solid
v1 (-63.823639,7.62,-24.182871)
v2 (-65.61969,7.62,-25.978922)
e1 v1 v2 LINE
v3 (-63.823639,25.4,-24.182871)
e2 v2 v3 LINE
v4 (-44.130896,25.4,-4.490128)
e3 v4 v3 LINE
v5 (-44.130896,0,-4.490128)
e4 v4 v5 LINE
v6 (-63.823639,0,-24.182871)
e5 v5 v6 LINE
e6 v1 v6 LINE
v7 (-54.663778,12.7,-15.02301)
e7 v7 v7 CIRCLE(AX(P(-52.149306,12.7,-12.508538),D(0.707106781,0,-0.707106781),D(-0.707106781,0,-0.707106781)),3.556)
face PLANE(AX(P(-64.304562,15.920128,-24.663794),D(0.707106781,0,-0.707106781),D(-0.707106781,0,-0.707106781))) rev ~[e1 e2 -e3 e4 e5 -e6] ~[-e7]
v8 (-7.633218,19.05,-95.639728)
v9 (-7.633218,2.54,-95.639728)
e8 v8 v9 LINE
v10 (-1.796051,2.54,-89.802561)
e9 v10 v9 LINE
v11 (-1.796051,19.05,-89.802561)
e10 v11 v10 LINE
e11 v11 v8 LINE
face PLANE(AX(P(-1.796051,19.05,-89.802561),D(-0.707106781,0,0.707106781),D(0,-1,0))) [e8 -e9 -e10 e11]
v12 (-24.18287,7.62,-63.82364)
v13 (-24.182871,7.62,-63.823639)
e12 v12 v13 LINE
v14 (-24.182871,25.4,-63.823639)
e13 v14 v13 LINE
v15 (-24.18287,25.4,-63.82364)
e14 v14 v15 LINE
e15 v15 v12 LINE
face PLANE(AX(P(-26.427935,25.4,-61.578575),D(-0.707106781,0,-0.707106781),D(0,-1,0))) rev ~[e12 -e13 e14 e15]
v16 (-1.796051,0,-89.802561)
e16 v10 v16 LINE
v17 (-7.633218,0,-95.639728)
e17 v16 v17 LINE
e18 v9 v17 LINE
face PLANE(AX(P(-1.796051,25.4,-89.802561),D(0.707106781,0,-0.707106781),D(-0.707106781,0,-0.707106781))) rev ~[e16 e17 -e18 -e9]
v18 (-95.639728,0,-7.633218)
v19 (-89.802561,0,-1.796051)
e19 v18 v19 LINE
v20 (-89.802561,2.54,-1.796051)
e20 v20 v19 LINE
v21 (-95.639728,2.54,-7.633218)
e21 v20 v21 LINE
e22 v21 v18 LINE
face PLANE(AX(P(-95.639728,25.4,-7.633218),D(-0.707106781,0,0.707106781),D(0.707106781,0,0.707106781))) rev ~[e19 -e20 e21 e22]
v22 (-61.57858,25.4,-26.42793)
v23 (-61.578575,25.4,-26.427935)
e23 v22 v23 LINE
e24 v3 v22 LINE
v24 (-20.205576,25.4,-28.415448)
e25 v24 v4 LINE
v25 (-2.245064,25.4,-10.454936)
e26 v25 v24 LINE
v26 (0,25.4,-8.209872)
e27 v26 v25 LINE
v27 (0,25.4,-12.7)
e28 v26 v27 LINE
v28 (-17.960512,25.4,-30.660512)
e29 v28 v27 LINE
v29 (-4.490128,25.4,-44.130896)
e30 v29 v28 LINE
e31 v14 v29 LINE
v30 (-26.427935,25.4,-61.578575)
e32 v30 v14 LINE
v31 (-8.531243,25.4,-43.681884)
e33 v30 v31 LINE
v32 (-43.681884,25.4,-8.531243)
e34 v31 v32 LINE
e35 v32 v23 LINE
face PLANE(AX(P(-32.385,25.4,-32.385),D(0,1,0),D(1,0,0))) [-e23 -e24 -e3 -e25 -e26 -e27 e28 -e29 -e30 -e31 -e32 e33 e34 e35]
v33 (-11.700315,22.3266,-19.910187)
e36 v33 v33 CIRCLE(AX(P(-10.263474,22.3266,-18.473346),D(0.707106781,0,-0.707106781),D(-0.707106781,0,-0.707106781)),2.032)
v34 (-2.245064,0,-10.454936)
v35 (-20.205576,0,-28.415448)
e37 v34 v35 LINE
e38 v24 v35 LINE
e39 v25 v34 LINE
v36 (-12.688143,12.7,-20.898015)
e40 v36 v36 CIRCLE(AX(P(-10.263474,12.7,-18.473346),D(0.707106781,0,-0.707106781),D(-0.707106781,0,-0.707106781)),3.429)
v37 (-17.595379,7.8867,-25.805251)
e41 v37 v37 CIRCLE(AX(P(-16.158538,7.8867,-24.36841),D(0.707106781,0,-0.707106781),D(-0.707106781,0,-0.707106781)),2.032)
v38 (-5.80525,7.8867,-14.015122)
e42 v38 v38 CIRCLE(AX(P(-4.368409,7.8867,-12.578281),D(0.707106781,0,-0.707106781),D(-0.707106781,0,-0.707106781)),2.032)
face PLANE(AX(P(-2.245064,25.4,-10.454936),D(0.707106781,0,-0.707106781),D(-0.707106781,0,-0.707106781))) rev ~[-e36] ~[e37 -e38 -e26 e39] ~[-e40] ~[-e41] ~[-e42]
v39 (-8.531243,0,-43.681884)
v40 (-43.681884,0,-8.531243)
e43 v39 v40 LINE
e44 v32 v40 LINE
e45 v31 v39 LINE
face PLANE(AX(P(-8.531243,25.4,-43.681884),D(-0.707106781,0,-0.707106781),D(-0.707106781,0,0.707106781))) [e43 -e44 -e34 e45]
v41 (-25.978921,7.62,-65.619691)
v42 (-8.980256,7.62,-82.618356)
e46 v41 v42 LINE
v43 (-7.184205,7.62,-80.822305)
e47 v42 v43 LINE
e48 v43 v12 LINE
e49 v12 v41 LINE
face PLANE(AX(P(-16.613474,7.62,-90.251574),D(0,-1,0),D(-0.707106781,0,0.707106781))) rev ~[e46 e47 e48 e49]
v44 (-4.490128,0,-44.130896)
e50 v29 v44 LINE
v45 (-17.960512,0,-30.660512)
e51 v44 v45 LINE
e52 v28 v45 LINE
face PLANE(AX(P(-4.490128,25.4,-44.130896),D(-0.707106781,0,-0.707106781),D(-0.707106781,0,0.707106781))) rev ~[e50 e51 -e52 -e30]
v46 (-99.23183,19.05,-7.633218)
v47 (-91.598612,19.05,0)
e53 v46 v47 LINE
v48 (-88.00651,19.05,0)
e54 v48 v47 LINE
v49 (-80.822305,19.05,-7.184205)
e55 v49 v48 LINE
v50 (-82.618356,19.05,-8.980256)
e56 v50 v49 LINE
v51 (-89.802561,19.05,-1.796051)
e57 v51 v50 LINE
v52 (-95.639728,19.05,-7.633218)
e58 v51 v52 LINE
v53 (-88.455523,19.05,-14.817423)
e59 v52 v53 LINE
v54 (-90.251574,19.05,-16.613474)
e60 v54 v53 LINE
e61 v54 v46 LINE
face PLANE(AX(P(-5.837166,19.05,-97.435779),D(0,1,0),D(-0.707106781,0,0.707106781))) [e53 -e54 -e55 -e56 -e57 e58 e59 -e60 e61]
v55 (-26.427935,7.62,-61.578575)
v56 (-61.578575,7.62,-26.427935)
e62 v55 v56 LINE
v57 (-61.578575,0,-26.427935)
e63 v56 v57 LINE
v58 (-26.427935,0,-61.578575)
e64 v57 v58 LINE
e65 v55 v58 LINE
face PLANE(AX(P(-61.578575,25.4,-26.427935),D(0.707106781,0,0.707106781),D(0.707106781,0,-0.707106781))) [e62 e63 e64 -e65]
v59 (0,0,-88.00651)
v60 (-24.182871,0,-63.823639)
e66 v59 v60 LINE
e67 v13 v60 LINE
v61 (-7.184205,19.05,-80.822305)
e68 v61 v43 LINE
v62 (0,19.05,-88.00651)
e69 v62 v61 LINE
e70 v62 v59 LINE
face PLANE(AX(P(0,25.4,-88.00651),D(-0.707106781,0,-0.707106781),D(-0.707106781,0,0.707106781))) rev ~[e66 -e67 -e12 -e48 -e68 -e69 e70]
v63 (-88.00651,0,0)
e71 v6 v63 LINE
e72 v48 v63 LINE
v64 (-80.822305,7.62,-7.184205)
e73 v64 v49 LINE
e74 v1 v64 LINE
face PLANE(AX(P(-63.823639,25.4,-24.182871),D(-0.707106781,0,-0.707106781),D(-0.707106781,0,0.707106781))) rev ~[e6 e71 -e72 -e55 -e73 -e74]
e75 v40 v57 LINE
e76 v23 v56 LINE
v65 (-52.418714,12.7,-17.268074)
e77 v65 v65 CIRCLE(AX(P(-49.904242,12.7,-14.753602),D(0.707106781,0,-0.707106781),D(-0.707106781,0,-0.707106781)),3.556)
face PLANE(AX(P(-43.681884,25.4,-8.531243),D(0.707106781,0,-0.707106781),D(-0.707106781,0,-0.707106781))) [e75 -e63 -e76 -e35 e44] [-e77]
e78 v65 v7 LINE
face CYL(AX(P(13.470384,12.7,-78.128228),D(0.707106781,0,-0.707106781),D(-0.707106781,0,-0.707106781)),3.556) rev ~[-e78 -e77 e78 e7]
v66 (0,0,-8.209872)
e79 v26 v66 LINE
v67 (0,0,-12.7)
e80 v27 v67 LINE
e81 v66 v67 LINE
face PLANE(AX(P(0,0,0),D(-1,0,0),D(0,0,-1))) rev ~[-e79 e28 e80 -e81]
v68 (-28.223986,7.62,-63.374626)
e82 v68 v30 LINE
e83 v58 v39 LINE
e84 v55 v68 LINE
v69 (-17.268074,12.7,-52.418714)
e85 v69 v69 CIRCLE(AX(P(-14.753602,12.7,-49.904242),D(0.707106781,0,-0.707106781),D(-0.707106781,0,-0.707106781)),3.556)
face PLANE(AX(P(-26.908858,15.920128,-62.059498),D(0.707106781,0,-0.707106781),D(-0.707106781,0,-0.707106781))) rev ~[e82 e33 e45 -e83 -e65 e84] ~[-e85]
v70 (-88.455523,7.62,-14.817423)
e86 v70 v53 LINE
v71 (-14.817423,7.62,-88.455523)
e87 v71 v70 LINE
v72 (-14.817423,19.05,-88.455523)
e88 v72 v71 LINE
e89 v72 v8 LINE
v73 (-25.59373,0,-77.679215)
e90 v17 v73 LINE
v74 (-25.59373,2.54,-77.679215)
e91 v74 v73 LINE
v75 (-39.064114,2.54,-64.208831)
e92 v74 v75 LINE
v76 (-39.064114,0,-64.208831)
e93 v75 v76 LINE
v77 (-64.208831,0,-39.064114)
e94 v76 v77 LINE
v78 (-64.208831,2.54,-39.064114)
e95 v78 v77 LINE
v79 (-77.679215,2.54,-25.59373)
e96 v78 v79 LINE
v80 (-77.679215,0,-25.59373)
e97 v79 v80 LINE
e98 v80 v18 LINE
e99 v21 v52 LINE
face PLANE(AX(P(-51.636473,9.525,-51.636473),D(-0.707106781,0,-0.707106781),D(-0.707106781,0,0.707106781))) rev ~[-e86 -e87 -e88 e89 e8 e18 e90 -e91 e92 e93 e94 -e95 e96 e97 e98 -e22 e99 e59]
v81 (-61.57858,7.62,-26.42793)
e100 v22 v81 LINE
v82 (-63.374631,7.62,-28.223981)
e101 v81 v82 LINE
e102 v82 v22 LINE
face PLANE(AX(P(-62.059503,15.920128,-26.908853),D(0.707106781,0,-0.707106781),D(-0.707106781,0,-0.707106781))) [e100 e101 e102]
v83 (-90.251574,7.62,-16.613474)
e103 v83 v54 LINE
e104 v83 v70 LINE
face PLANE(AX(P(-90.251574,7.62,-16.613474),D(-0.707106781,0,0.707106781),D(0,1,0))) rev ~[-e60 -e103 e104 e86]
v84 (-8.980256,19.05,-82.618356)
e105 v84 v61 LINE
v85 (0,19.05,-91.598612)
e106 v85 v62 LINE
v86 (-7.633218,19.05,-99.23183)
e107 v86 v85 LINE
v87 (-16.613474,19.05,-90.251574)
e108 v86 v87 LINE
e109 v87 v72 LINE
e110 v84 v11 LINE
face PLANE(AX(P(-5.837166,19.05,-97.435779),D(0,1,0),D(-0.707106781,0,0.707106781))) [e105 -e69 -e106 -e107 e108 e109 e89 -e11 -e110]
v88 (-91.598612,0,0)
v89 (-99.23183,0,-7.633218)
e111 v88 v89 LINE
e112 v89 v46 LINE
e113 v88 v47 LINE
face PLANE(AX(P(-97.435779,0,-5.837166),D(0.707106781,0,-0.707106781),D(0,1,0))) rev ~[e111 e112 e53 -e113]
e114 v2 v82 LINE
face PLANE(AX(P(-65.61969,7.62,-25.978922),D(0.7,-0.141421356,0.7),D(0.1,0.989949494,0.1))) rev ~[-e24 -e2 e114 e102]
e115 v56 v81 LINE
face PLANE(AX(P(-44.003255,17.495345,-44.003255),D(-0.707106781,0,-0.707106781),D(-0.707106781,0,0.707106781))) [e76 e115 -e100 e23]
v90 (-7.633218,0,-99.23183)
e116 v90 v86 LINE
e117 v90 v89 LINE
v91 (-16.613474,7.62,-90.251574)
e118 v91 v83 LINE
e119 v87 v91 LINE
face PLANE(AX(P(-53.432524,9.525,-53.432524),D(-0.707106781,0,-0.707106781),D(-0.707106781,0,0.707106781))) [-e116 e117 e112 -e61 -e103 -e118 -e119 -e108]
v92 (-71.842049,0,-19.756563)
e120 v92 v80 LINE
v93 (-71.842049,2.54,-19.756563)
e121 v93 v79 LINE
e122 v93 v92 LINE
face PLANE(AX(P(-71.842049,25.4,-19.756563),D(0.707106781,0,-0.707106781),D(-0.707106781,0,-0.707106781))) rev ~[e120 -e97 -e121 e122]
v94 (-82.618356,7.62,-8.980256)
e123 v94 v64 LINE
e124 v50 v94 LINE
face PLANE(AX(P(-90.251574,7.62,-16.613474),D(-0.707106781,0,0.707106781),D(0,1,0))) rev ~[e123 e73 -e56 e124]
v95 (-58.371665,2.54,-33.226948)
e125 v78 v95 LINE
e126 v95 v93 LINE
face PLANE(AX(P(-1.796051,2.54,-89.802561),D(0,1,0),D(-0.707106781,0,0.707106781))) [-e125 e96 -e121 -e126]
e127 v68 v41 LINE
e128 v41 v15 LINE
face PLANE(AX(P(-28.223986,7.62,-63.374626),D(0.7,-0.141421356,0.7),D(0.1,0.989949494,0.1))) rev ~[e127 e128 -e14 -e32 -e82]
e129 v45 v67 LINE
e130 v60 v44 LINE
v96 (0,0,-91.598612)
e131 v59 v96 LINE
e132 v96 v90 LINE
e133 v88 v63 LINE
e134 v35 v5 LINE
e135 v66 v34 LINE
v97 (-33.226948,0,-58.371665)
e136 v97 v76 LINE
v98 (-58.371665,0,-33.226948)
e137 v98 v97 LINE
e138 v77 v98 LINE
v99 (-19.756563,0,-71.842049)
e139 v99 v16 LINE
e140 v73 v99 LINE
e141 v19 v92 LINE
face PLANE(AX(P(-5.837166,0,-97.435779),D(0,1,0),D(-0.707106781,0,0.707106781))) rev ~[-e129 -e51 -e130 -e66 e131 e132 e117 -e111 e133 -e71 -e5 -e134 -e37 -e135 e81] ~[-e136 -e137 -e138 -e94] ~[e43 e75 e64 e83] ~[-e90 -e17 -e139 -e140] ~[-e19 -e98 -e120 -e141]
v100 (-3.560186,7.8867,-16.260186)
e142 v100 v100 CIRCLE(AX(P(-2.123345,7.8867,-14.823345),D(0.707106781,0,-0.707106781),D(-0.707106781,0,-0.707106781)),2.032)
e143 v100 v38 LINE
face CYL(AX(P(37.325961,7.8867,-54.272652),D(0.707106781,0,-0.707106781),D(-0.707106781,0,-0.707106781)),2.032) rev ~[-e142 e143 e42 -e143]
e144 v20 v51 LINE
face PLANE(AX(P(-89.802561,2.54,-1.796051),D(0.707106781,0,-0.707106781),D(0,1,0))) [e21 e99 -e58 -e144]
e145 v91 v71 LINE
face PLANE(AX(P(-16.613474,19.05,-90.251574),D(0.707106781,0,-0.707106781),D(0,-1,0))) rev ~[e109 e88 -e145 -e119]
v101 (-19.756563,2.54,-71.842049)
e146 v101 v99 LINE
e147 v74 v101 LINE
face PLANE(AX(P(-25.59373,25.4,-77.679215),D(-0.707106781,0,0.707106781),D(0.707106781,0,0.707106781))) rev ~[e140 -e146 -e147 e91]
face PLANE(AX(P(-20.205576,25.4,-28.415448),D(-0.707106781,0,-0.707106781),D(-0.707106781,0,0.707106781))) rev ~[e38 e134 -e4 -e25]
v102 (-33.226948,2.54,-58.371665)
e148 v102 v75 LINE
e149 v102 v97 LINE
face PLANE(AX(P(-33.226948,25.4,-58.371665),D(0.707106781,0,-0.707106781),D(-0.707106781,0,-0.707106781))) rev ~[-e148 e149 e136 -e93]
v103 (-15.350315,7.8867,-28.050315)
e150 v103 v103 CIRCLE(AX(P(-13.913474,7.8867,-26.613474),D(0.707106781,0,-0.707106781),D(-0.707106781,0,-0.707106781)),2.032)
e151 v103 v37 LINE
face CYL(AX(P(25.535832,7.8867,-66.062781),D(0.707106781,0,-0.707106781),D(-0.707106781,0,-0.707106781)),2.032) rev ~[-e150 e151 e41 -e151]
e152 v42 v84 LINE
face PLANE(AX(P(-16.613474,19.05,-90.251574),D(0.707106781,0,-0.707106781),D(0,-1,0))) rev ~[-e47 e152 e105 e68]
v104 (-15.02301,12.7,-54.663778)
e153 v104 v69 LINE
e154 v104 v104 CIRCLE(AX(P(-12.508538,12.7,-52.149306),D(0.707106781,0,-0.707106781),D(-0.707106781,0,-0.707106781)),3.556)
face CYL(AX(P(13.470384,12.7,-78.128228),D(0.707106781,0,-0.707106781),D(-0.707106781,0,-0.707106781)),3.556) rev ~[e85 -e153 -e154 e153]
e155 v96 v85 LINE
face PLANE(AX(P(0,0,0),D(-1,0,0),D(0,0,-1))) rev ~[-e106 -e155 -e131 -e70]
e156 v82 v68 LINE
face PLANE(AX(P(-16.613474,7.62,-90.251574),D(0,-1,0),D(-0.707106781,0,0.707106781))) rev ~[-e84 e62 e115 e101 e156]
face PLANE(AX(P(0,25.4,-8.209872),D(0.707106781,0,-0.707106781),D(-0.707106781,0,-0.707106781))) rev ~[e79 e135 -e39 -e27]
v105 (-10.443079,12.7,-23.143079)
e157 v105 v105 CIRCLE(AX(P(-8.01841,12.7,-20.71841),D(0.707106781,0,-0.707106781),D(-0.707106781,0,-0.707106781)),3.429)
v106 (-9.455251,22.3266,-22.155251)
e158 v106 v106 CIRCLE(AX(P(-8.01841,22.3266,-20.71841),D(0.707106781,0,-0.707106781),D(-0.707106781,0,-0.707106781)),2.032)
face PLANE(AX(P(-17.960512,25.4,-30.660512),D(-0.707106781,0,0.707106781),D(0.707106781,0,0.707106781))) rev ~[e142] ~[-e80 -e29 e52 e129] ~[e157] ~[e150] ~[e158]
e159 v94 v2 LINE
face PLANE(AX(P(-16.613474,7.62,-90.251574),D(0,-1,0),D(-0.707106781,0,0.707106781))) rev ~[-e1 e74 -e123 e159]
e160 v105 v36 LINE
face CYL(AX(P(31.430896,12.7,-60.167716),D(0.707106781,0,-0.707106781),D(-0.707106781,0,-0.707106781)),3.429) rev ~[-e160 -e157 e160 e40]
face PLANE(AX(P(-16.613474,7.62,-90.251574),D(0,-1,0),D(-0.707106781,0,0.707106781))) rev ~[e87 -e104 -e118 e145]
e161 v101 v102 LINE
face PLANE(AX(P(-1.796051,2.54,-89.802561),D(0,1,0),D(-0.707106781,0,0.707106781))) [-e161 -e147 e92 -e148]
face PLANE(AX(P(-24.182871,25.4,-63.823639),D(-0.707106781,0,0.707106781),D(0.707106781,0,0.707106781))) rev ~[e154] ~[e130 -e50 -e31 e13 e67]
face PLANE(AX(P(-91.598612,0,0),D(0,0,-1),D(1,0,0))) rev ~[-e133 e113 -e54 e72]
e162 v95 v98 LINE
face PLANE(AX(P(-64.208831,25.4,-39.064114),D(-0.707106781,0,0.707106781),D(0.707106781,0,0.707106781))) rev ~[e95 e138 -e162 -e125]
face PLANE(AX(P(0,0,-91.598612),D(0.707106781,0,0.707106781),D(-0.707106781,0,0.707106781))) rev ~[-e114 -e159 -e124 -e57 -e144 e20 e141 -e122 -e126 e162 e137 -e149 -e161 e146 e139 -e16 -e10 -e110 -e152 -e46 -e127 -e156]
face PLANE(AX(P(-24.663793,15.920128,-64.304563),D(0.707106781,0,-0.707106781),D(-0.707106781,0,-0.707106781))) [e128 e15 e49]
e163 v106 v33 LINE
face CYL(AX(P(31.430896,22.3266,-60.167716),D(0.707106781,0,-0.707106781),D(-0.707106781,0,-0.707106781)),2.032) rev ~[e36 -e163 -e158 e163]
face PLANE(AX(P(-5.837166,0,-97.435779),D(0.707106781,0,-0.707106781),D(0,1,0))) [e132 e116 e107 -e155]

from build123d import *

# Parameters (mm, degrees)
BOSS_EXTRUDE1_DEPTH = 25.4
BOSS_EXTRUDE2_DEPTH = 8.255
SKETCH3_W           = 129.54
SKETCH3_H           = 19.05
BOSS_EXTRUDE3_DEPTH = 2.54
SKETCH5_R           = 3.429
SKETCH5_R_2         = 3.556
SKETCH5_R_3         = 2.032
CUT_EXTRUDE1_DEPTH  = 157.634048422
CUT_EXTRUDE2_DEPTH  = 143.615119202
CUT_EXTRUDE3_DEPTH  = 13.335
BOSS_EXTRUDE4_DEPTH = 3.174993
BOSS_EXTRUDE5_DEPTH = 3.175001


with BuildPart() as part:
    # Sketch1 → Boss-Extrude1 (new body)
    with BuildSketch(Plane(origin=(0, 0, 0), x_dir=(1, 0, 0), z_dir=(0, 1, 0))):
        Polygon((-91.598612435, 0), (0, 0), (0, 91.598612435), align=None)
    extrude(amount=BOSS_EXTRUDE1_DEPTH)

    # Sketch2 → Boss-Extrude2 (add)
    with BuildSketch(Plane(origin=(-45.799306217, 0, -45.799306217), x_dir=(-0.7071067811865476, 0, 0.7071067811865475), z_dir=(-0.7071067811865475, 0, -0.7071067811865476))):
        Polygon((-64.77, 19.05), (-62.23, 19.05), (-62.23, 2.54), (62.23, 2.54), (62.23, 19.05), (64.77, 19.05), (64.77, 0), (-64.77, 0), align=None)
    extrude(amount=BOSS_EXTRUDE2_DEPTH)

    # Sketch3 → Boss-Extrude3 (add)
    with BuildSketch(Plane(origin=(-51.636472696, 0, -51.636472696), x_dir=(-0.7071067811865476, 0, 0.7071067811865475), z_dir=(-0.7071067811865475, 0, -0.7071067811865476))):
        with Locations((0, 9.525)):
            Rectangle(SKETCH3_W, SKETCH3_H)
    extrude(amount=BOSS_EXTRUDE3_DEPTH)

    # Sketch5 → Cut-Extrude1 (cut, through all)
    with BuildSketch(Plane(origin=(45.799306217, 0, -45.799306217), x_dir=(-0.7071067811865475, 0, -0.7071067811865476), z_dir=(0.7071067811865476, 0, -0.7071067811865475))):
        with Locations((20.32, 12.7)):
            Circle(SKETCH5_R)
        with Locations((45.72, 12.7)):
            Circle(SKETCH5_R_2)
        with Locations((-5.08, 12.7)):
            Circle(SKETCH5_R_2)
        with Locations((20.32, 22.3266)):
            Circle(SKETCH5_R_3)
        with Locations((11.983119848, 7.8867)):
            Circle(SKETCH5_R_3)
        with Locations((28.656880152, 7.8867)):
            Circle(SKETCH5_R_3)
    extrude(amount=-CUT_EXTRUDE1_DEPTH, mode=Mode.SUBTRACT)

    # Sketch6 → Cut-Extrude2 (cut, through all)
    with BuildSketch(Plane(origin=(0, 25.4, 0), x_dir=(1, 0, 0), z_dir=(0, 1, 0))):
        Polygon((-95.639727689, 7.633217703), (-89.802561211, 1.796051224), (-71.842048969, 19.756563466), (-77.679215447, 25.593729945), align=None)
        Polygon((-88.006509986, 0), (-48.621024484, 0), (-44.130896424, 4.490128061), (-63.823639175, 24.182870812), align=None)
        Polygon((-43.681883618, 8.531243315), (-61.578575145, 26.427934842), (-26.427934842, 61.578575145), (-8.531243315, 43.681883618), align=None)
        Polygon((-64.208831266, 39.064114127), (-58.371664787, 33.226947648), (-33.226947648, 58.371664787), (-39.064114127, 64.208831266), align=None)
        Polygon((-19.756563466, 71.842048969), (-1.796051224, 89.802561211), (-7.633217703, 95.639727689), (-25.593729945, 77.679215447), align=None)
        Polygon((-17.960512242, 30.660512242), (0, 12.7), (0, 48.621024484), (-4.490128061, 44.130896424), align=None)
        Polygon((0, 0), (0, 8.209871939), (-2.24506403, 10.45493597), (-20.205576272, 28.415448212), (-44.130896424, 4.490128061), (-48.621024484, 0), align=None)
        Polygon((-4.490128061, 44.130896424), (0, 48.621024484), (0, 88.006509986), (-24.182870812, 63.823639175), align=None)
    extrude(amount=-CUT_EXTRUDE2_DEPTH, mode=Mode.SUBTRACT)

    # Sketch7 → Cut-Extrude3 (cut)
    with BuildSketch(Plane(origin=(-53.43252392, 0, -53.43252392), x_dir=(-0.7071067811865476, 0, 0.7071067811865476), z_dir=(-0.7071067811865476, 0, -0.7071067811865476))):
        Polygon((-64.77, 25.4), (-64.77, 19.05), (-52.07, 19.05), (-52.07, 7.62), (52.07, 7.62), (52.07, 19.05), (64.77, 19.05), (64.77, 25.4), align=None)
    extrude(amount=-CUT_EXTRUDE3_DEPTH, mode=Mode.SUBTRACT)

    # Sketch8 → Boss-Extrude4 (add)
    with BuildSketch(Plane(origin=(-19.820384182, 0, 19.820384182), x_dir=(0.707106781186548, 0, 0.7071067811865471), z_dir=(-0.7071067811865471, 0, 0.707106781186548))):
        Polygon((-62.23, 25.4), (-62.23, 7.62), (-64.77, 7.62), align=None)
    extrude(amount=-BOSS_EXTRUDE4_DEPTH)

    # Sketch9 → Boss-Extrude5 (add)
    with BuildSketch(Plane(origin=(17.575320151, 0, -17.575320151), x_dir=(0.7071067811865477, 0, 0.7071067811865475), z_dir=(-0.7071067811865475, 0, 0.7071067811865477))):
        Polygon((-62.23, 25.4), (-62.23, 7.62), (-64.77, 7.62), align=None)
    extrude(amount=-BOSS_EXTRUDE5_DEPTH)


solid = part.part
